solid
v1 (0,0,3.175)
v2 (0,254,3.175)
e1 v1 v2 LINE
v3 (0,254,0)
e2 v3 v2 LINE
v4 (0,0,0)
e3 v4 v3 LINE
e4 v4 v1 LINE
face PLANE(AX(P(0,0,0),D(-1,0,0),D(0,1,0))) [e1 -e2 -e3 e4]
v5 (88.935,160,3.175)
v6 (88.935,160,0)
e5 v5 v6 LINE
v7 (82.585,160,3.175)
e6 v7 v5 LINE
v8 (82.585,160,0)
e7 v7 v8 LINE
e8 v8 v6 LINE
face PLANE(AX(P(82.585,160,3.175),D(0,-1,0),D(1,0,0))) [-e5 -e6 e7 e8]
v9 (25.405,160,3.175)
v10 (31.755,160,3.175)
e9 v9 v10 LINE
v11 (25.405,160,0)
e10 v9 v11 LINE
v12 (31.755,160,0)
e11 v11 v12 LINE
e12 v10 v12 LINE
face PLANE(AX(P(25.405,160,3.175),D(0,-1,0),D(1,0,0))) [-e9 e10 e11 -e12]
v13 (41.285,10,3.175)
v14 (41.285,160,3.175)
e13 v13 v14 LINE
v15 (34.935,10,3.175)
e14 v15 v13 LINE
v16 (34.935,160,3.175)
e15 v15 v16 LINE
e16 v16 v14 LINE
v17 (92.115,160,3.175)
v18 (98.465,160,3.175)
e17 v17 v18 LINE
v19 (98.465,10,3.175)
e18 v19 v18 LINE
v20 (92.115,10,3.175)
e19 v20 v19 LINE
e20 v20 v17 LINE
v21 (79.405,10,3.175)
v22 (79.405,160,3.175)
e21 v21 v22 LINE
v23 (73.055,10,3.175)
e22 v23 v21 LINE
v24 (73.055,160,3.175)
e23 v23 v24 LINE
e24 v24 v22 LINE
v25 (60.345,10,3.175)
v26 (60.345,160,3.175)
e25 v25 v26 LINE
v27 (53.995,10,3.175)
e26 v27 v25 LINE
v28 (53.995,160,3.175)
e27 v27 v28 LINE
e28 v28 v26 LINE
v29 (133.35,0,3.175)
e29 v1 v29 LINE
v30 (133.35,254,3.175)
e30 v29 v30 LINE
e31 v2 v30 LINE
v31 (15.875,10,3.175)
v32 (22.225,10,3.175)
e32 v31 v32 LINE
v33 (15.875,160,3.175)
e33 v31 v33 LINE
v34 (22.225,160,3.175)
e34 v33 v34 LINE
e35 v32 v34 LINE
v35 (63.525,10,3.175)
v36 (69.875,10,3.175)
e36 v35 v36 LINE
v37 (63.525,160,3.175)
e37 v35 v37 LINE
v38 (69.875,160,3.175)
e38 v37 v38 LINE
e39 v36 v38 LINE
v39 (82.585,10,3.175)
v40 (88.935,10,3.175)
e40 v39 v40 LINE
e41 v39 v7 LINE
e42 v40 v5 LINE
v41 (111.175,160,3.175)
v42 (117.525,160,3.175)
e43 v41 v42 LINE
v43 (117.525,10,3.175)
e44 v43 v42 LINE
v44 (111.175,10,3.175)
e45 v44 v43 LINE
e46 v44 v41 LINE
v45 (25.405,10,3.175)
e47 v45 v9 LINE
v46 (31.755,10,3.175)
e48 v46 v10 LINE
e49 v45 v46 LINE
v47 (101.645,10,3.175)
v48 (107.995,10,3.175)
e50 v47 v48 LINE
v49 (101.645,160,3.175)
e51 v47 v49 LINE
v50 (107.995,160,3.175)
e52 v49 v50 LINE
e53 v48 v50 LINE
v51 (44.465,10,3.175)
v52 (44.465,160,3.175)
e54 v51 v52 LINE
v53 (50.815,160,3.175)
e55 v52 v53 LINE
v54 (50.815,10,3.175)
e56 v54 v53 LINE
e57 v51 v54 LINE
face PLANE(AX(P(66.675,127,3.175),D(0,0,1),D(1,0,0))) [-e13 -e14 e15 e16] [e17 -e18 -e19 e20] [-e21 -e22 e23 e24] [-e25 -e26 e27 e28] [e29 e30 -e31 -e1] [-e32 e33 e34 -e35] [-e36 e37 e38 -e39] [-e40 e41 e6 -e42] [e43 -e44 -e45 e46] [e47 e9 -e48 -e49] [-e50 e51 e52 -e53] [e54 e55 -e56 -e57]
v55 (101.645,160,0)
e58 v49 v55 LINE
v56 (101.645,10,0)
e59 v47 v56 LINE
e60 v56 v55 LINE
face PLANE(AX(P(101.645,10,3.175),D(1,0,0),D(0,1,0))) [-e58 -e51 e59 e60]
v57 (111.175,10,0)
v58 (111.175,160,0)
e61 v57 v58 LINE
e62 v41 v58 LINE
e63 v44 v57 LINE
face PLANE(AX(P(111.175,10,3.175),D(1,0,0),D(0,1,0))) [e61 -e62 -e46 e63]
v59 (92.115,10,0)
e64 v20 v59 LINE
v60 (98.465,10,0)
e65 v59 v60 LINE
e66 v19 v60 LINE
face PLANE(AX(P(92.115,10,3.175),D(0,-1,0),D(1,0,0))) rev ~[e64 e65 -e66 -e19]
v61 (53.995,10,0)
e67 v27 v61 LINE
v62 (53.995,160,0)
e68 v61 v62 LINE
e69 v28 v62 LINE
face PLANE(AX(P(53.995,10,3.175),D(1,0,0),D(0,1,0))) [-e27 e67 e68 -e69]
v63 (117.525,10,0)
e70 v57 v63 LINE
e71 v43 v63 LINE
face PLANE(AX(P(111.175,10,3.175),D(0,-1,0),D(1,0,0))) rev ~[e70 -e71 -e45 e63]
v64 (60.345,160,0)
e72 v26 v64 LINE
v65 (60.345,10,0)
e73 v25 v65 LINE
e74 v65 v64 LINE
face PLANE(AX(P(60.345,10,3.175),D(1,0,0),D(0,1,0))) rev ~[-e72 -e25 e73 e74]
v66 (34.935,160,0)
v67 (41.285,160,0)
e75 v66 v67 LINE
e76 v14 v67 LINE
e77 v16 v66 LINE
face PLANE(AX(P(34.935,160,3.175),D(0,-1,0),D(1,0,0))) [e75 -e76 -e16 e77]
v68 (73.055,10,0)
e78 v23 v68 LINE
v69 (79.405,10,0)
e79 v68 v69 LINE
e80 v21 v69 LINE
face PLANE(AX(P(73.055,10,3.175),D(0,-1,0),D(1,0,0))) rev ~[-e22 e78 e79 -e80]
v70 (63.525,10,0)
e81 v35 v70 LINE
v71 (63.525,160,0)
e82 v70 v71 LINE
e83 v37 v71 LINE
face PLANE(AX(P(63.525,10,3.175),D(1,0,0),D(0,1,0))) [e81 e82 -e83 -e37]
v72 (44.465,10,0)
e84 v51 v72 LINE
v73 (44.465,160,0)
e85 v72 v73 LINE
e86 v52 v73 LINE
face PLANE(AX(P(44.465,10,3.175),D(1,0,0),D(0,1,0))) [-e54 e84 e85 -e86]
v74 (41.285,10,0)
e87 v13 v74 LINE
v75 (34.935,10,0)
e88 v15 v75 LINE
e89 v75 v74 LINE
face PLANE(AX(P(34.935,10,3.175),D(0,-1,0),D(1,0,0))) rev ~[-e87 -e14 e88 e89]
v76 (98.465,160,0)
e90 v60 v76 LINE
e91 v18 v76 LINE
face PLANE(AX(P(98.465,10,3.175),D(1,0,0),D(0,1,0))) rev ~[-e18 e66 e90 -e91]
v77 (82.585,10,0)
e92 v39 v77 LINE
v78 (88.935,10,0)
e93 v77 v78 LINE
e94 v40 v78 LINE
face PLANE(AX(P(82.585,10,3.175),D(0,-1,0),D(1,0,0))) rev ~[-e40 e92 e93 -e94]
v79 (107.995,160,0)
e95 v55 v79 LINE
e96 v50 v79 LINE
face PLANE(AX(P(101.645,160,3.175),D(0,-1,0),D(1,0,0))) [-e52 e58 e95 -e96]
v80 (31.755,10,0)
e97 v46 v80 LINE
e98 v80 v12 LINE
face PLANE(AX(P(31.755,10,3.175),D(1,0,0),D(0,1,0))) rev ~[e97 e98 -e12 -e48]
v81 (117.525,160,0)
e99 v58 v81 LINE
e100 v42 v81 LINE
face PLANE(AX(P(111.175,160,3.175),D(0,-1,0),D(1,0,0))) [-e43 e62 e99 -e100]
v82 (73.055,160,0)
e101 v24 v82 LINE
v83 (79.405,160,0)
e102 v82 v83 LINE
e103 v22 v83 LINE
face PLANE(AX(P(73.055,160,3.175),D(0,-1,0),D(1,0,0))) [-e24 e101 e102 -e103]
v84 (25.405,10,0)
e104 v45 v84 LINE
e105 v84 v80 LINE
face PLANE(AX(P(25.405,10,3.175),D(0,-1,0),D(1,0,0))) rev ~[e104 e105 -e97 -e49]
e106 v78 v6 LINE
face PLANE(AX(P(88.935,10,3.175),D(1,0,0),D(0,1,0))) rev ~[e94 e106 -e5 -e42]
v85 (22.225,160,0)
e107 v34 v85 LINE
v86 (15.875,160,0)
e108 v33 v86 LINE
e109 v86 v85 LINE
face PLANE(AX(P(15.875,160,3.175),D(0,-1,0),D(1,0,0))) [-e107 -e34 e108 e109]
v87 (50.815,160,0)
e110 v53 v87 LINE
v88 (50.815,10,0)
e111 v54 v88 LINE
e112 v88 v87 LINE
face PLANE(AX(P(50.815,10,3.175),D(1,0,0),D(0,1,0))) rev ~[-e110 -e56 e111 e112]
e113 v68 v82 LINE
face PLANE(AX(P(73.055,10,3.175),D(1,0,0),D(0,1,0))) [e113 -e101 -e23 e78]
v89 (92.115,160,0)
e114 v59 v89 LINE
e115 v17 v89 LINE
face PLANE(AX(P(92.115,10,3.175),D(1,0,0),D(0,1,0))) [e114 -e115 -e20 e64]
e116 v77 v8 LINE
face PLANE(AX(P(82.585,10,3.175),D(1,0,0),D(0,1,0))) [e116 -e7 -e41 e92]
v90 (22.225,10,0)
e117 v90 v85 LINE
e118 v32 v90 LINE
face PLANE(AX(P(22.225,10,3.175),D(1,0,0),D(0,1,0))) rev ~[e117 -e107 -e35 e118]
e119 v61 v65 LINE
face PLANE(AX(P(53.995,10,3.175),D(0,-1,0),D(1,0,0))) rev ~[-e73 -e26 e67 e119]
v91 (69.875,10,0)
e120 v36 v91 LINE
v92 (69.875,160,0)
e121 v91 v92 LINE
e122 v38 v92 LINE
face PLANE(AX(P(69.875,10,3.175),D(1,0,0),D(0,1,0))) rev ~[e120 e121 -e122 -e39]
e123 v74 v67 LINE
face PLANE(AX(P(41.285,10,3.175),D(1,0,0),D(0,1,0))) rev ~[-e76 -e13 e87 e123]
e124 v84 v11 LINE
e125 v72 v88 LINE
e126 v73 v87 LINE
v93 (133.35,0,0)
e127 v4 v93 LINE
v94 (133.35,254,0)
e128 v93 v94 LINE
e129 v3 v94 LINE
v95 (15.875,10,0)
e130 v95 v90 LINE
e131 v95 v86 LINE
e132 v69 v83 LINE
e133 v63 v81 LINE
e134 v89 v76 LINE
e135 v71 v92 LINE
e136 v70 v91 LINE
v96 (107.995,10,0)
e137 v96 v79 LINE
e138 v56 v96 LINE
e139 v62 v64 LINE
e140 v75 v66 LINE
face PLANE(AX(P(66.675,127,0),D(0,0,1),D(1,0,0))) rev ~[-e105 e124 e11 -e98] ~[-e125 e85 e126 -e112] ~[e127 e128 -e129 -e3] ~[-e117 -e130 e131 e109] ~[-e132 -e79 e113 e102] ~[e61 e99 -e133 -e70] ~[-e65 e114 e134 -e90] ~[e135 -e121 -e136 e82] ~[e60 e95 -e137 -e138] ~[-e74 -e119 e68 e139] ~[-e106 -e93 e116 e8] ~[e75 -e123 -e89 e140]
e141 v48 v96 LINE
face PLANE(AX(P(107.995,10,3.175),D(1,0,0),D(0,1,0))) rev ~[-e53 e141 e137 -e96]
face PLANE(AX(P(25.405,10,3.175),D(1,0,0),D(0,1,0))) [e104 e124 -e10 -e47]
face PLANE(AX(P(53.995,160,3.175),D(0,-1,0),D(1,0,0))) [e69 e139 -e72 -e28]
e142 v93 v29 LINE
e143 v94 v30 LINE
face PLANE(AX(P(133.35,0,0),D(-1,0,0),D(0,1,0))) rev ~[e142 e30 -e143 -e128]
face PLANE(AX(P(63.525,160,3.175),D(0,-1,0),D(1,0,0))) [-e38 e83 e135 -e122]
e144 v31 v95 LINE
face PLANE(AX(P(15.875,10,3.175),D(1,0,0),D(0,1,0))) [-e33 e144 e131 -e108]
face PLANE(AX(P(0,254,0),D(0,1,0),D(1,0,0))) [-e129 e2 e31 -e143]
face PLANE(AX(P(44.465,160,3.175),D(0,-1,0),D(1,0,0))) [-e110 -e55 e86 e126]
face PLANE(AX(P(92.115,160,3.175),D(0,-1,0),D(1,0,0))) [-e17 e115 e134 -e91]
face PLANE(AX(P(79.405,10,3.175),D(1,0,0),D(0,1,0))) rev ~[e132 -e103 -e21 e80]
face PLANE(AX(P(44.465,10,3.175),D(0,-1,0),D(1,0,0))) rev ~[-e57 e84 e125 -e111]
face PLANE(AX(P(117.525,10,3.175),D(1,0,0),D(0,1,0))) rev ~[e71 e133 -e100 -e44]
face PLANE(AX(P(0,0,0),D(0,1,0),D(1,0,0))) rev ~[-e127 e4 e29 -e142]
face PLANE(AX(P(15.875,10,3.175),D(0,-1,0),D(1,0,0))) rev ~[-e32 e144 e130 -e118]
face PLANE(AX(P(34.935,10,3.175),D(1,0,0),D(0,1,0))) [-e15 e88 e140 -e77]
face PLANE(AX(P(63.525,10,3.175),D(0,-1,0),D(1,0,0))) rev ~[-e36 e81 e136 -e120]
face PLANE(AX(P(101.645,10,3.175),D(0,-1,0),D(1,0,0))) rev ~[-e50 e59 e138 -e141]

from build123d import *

# Parameters (mm, degrees)
SKETCH1_W           = 133.35
SKETCH1_H           = 254
BOSS_EXTRUDE1_DEPTH = 3.175
SKETCH2_W           = 6.35
SKETCH2_H           = 150
CUT_EXTRUDE1_DEPTH  = 3.175


with BuildPart() as part:
    # Sketch1 → Boss-Extrude1 (new body)
    with BuildSketch(Plane.XY):
        with Locations((66.675, 127)):
            Rectangle(SKETCH1_W, SKETCH1_H)
    extrude(amount=BOSS_EXTRUDE1_DEPTH)

    # Sketch2 → Cut-Extrude1 (cut)
    with BuildSketch(Plane.XY.offset(3.175)):
        with Locations((19.05, 85)):
            Rectangle(SKETCH2_W, SKETCH2_H)
        with Locations((28.58, 85)):
            Rectangle(SKETCH2_W, SKETCH2_H)
        with Locations((38.11, 85)):
            Rectangle(SKETCH2_W, SKETCH2_H)
        with Locations((47.64, 85)):
            Rectangle(SKETCH2_W, SKETCH2_H)
        with Locations((57.17, 85)):
            Rectangle(SKETCH2_W, SKETCH2_H)
        with Locations((66.7, 85)):
            Rectangle(SKETCH2_W, SKETCH2_H)
        with Locations((76.23, 85)):
            Rectangle(SKETCH2_W, SKETCH2_H)
        with Locations((85.76, 85)):
            Rectangle(SKETCH2_W, SKETCH2_H)
        with Locations((95.29, 85)):
            Rectangle(SKETCH2_W, SKETCH2_H)
        with Locations((104.82, 85)):
            Rectangle(SKETCH2_W, SKETCH2_H)
        with Locations((114.35, 85)):
            Rectangle(SKETCH2_W, SKETCH2_H)
    extrude(amount=-CUT_EXTRUDE1_DEPTH, mode=Mode.SUBTRACT)


solid = part.part
